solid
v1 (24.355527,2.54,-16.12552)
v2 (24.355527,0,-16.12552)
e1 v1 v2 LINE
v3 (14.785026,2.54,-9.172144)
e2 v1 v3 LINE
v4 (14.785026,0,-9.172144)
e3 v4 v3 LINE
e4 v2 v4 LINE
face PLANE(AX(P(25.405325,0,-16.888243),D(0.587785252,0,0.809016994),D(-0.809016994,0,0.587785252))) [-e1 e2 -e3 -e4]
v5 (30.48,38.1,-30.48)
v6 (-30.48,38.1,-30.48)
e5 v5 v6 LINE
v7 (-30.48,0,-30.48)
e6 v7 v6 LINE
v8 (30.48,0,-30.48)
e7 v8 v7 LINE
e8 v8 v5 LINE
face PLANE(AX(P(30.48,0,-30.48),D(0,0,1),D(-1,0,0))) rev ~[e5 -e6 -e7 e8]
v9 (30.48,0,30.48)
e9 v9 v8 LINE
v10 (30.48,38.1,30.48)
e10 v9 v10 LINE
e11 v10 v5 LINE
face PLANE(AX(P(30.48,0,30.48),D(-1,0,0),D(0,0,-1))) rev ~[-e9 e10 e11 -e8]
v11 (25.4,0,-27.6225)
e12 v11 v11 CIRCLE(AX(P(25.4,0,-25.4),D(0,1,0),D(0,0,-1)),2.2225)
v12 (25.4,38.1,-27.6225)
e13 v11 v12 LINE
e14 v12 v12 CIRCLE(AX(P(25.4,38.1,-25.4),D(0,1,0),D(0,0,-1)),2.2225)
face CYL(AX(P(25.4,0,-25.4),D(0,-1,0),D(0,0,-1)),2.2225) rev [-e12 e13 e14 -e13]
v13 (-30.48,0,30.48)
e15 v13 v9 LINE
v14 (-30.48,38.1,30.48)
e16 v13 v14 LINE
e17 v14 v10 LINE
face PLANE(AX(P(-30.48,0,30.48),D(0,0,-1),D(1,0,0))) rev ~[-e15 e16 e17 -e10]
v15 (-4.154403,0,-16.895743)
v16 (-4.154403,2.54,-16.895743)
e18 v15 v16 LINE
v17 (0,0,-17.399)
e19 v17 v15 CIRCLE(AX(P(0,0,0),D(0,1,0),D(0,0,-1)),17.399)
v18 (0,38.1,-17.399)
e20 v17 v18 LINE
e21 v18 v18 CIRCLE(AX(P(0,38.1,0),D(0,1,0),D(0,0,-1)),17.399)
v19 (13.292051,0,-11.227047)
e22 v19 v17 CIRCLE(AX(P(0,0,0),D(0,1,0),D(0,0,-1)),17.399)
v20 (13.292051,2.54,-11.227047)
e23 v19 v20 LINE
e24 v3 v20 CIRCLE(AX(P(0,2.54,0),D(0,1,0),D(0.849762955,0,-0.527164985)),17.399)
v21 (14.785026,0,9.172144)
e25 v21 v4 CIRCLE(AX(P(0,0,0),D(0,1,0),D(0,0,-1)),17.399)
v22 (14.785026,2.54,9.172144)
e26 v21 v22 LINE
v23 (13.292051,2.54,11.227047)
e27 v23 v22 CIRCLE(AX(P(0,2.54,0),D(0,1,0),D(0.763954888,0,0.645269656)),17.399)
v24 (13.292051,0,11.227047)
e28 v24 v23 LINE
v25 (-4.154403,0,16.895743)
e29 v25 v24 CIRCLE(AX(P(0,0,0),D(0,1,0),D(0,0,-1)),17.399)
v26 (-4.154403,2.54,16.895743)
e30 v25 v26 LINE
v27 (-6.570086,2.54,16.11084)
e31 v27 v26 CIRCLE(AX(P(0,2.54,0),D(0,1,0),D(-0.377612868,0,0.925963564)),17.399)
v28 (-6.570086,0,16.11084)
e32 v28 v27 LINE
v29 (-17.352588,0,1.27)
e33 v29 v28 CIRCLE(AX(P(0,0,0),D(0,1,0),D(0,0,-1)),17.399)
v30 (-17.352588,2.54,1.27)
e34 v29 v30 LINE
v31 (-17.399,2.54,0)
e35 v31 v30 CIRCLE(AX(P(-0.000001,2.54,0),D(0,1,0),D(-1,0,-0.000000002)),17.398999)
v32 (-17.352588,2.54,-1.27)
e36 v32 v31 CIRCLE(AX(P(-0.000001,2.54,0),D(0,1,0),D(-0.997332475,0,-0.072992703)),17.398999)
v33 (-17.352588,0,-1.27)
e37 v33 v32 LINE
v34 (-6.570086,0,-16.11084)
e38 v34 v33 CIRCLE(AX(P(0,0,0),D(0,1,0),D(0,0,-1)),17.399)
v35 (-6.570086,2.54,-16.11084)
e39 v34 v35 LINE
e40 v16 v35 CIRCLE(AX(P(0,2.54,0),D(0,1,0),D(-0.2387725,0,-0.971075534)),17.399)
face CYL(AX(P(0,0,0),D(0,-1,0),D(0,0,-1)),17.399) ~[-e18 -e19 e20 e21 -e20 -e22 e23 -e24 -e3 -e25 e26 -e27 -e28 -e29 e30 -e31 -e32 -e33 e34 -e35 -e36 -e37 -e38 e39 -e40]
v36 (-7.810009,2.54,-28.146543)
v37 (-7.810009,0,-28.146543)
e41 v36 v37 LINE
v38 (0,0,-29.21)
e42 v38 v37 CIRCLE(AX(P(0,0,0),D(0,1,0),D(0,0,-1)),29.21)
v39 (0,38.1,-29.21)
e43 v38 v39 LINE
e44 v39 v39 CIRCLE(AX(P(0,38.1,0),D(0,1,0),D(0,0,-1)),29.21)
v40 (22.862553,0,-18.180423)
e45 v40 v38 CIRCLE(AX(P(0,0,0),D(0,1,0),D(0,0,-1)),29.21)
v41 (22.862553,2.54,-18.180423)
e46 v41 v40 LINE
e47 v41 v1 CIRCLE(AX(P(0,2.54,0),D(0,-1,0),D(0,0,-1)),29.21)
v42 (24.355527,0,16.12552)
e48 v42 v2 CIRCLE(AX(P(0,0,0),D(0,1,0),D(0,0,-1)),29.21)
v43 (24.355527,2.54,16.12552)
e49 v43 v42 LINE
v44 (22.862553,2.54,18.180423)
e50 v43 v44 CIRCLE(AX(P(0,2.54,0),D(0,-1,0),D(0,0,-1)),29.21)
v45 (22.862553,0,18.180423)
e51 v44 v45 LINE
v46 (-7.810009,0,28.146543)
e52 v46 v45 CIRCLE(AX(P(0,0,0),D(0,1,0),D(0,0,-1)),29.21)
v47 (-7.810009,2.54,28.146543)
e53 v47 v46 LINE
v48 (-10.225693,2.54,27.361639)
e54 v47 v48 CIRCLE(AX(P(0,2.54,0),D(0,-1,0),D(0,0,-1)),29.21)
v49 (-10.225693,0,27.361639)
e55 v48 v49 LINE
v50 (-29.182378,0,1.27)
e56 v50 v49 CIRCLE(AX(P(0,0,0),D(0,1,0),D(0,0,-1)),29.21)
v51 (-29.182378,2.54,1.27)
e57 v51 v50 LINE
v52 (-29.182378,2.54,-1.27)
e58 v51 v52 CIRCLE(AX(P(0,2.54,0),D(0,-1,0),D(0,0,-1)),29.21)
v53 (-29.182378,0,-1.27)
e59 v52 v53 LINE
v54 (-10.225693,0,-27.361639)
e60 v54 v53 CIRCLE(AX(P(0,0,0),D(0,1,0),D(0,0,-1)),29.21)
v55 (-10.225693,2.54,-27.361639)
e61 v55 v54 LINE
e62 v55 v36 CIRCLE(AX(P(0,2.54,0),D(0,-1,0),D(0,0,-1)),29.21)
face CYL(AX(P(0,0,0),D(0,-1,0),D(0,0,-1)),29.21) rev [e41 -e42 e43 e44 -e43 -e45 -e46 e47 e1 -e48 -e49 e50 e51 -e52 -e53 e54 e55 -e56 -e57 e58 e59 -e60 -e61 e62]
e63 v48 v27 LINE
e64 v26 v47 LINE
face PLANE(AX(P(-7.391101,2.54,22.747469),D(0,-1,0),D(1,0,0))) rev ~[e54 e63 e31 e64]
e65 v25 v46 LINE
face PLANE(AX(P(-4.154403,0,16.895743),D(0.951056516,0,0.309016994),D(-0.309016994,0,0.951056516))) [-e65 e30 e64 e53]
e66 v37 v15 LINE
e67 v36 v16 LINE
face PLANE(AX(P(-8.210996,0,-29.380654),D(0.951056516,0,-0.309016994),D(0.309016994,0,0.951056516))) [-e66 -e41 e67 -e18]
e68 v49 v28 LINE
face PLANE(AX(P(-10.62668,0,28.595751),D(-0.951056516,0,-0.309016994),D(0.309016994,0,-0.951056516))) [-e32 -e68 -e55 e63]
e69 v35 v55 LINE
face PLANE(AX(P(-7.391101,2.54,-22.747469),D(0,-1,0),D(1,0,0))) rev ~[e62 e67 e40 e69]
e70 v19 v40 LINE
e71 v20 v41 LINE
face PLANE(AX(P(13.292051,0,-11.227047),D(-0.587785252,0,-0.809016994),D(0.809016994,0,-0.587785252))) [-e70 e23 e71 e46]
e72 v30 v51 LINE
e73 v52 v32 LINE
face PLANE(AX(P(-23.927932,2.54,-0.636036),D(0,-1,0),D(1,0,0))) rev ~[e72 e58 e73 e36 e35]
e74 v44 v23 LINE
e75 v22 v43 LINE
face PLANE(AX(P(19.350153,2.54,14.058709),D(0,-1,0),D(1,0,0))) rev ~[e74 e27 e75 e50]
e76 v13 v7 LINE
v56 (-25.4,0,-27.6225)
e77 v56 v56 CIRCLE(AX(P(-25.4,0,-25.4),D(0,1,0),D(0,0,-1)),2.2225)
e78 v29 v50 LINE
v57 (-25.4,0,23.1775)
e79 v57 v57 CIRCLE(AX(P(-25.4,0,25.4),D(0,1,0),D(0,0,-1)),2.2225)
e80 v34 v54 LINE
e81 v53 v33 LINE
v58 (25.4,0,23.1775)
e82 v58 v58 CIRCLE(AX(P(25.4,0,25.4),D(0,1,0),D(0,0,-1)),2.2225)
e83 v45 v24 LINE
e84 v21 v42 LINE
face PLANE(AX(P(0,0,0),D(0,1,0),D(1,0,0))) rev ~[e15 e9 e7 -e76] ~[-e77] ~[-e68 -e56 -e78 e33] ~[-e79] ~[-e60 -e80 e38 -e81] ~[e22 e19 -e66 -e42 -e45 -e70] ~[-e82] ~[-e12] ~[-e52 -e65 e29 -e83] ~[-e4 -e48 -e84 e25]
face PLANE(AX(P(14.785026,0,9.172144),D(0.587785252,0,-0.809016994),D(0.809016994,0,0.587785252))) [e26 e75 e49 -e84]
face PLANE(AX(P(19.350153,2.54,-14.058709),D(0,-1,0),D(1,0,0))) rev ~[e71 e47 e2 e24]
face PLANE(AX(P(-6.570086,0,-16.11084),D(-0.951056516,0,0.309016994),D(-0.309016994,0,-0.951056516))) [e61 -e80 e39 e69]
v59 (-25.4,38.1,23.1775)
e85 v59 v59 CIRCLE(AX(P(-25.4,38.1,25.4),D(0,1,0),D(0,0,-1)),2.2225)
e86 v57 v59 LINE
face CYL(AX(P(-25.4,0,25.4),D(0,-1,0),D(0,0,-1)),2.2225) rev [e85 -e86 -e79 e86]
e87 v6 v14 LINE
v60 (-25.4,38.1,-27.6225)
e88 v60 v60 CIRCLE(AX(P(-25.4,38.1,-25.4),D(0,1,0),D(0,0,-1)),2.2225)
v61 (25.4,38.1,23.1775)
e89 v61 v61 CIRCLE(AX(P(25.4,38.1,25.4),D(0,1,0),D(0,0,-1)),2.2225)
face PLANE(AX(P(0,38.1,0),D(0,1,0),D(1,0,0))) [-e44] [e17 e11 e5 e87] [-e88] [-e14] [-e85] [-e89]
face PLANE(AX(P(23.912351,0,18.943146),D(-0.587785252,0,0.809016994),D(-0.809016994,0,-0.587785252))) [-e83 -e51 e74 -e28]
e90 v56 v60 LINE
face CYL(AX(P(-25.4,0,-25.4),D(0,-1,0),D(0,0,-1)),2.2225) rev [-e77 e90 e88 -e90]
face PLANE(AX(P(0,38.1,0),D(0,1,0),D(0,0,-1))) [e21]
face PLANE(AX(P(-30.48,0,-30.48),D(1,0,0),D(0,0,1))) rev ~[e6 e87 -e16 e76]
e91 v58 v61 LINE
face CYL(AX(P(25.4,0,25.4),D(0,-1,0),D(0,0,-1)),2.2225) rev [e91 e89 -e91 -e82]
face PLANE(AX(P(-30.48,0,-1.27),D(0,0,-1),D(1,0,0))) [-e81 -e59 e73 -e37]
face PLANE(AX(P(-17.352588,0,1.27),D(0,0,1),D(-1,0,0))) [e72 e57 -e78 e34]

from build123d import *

# Parameters (mm, degrees)
SKETCH1_R             = 17.399
BOSS_EXTRUDE1_DEPTH   = 38.1
SKETCH1_R_2           = 29.21
SKETCH1_R_3           = 2.2225
BOSS_EXTRUDE1_2_DEPTH = 38.1
BOSS_EXTRUDE2_DEPTH   = 2.54


with BuildPart() as part:
    # Sketch1 → Boss-Extrude1 (new body)
    with BuildSketch(Plane(origin=(0, 0, 0), x_dir=(1, 0, 0), z_dir=(0, 1, 0))):
        with Locations(Location((0, 0, 0), (0, 0, 90))):
            Circle(SKETCH1_R)
    extrude(amount=BOSS_EXTRUDE1_DEPTH)



with BuildPart() as body_2:
    # Sketch1 → Boss-Extrude1 2 (new body)
    with BuildSketch(Plane(origin=(0, 0, 0), x_dir=(1, 0, 0), z_dir=(0, 1, 0))):
        Polygon((0, -30.48), (30.48, -30.48), (30.48, 30.48), (-30.48, 30.48), (-30.48, -30.48), align=None)
        with Locations(Location((0, 0, 0), (0, 0, 90))):
            Circle(SKETCH1_R_2, mode=Mode.SUBTRACT)
        with Locations(Location((-25.4, 25.4, 0), (0, 0, 90))):
            Circle(SKETCH1_R_3, mode=Mode.SUBTRACT)
        with Locations(Location((-25.4, -25.4, 0), (0, 0, 90))):
            Circle(SKETCH1_R_3, mode=Mode.SUBTRACT)
        with Locations(Location((25.4, -25.4, 0), (0, 0, 90))):
            Circle(SKETCH1_R_3, mode=Mode.SUBTRACT)
        with Locations(Location((25.4, 25.4, 0), (0, 0, 90))):
            Circle(SKETCH1_R_3, mode=Mode.SUBTRACT)
    extrude(amount=BOSS_EXTRUDE1_2_DEPTH)


with BuildPart() as part_1:
    add(part.part)

    add(body_2.part)  # Boss-Extrude2 merges body 2
    # Sketch2 → Boss-Extrude2 (add)
    with BuildSketch(Plane.XZ):
        with BuildLine():
            Line((-10.626679764, 28.595751034), (-6.570086281, 16.110840054))
            ThreePointArc((-6.570086281, 16.110840054), (-5.376586685, 16.547432327), (-4.15440273, 16.89574322))
            Line((-4.15440273, 16.89574322), (-8.210996213, 29.3806542))
            Line((-8.210996213, 29.3806542), (-10.626679764, 28.595751034))
        make_face()
        with BuildLine():
            Line((23.912350718, 18.943146073), (13.292051101, 11.227046741))
            ThreePointArc((13.292051101, 11.227046741), (14.076086685, 10.226875605), (14.785025642, 9.172143575))
            Line((14.785025642, 9.172143575), (25.405325259, 16.888242907))
            Line((25.405325259, 16.888242907), (23.912350718, 18.943146073))
        make_face()
        with BuildLine():
            ThreePointArc((14.785025642, -9.172143575), (14.076086685, -10.226875605), (13.292051101, -11.227046741))
            Line((13.292051101, -11.227046741), (23.912350718, -18.943146073))
            Line((23.912350718, -18.943146073), (25.405325259, -16.888242907))
            Line((25.405325259, -16.888242907), (14.785025642, -9.172143575))
        make_face()
        with BuildLine():
            ThreePointArc((-4.15440273, -16.89574322), (-5.376586685, -16.547432327), (-6.570086281, -16.110840054))
            Line((-6.570086281, -16.110840054), (-10.626679764, -28.595751034))
            Line((-10.626679764, -28.595751034), (-8.210996213, -29.3806542))
            Line((-8.210996213, -29.3806542), (-4.15440273, -16.89574322))
        make_face()
        with BuildLine():
            ThreePointArc((-17.352587732, -1.27), (-17.387393062, -0.635423894), (-17.399, 0))
            Line((-17.399, 0), (-30.48, 0))
            Line((-30.48, 0), (-30.48, -1.27))
            Line((-30.48, -1.27), (-17.352587732, -1.27))
        make_face()
        with BuildLine():
            Line((-30.48, 0), (-17.399, 0))
            ThreePointArc((-17.399, 0), (-17.387393062, 0.635423894), (-17.352587732, 1.27))
            Line((-17.352587732, 1.27), (-30.48, 1.27))
            Line((-30.48, 1.27), (-30.48, 0))
        make_face()
    extrude(amount=-BOSS_EXTRUDE2_DEPTH)


solid = part_1.part
